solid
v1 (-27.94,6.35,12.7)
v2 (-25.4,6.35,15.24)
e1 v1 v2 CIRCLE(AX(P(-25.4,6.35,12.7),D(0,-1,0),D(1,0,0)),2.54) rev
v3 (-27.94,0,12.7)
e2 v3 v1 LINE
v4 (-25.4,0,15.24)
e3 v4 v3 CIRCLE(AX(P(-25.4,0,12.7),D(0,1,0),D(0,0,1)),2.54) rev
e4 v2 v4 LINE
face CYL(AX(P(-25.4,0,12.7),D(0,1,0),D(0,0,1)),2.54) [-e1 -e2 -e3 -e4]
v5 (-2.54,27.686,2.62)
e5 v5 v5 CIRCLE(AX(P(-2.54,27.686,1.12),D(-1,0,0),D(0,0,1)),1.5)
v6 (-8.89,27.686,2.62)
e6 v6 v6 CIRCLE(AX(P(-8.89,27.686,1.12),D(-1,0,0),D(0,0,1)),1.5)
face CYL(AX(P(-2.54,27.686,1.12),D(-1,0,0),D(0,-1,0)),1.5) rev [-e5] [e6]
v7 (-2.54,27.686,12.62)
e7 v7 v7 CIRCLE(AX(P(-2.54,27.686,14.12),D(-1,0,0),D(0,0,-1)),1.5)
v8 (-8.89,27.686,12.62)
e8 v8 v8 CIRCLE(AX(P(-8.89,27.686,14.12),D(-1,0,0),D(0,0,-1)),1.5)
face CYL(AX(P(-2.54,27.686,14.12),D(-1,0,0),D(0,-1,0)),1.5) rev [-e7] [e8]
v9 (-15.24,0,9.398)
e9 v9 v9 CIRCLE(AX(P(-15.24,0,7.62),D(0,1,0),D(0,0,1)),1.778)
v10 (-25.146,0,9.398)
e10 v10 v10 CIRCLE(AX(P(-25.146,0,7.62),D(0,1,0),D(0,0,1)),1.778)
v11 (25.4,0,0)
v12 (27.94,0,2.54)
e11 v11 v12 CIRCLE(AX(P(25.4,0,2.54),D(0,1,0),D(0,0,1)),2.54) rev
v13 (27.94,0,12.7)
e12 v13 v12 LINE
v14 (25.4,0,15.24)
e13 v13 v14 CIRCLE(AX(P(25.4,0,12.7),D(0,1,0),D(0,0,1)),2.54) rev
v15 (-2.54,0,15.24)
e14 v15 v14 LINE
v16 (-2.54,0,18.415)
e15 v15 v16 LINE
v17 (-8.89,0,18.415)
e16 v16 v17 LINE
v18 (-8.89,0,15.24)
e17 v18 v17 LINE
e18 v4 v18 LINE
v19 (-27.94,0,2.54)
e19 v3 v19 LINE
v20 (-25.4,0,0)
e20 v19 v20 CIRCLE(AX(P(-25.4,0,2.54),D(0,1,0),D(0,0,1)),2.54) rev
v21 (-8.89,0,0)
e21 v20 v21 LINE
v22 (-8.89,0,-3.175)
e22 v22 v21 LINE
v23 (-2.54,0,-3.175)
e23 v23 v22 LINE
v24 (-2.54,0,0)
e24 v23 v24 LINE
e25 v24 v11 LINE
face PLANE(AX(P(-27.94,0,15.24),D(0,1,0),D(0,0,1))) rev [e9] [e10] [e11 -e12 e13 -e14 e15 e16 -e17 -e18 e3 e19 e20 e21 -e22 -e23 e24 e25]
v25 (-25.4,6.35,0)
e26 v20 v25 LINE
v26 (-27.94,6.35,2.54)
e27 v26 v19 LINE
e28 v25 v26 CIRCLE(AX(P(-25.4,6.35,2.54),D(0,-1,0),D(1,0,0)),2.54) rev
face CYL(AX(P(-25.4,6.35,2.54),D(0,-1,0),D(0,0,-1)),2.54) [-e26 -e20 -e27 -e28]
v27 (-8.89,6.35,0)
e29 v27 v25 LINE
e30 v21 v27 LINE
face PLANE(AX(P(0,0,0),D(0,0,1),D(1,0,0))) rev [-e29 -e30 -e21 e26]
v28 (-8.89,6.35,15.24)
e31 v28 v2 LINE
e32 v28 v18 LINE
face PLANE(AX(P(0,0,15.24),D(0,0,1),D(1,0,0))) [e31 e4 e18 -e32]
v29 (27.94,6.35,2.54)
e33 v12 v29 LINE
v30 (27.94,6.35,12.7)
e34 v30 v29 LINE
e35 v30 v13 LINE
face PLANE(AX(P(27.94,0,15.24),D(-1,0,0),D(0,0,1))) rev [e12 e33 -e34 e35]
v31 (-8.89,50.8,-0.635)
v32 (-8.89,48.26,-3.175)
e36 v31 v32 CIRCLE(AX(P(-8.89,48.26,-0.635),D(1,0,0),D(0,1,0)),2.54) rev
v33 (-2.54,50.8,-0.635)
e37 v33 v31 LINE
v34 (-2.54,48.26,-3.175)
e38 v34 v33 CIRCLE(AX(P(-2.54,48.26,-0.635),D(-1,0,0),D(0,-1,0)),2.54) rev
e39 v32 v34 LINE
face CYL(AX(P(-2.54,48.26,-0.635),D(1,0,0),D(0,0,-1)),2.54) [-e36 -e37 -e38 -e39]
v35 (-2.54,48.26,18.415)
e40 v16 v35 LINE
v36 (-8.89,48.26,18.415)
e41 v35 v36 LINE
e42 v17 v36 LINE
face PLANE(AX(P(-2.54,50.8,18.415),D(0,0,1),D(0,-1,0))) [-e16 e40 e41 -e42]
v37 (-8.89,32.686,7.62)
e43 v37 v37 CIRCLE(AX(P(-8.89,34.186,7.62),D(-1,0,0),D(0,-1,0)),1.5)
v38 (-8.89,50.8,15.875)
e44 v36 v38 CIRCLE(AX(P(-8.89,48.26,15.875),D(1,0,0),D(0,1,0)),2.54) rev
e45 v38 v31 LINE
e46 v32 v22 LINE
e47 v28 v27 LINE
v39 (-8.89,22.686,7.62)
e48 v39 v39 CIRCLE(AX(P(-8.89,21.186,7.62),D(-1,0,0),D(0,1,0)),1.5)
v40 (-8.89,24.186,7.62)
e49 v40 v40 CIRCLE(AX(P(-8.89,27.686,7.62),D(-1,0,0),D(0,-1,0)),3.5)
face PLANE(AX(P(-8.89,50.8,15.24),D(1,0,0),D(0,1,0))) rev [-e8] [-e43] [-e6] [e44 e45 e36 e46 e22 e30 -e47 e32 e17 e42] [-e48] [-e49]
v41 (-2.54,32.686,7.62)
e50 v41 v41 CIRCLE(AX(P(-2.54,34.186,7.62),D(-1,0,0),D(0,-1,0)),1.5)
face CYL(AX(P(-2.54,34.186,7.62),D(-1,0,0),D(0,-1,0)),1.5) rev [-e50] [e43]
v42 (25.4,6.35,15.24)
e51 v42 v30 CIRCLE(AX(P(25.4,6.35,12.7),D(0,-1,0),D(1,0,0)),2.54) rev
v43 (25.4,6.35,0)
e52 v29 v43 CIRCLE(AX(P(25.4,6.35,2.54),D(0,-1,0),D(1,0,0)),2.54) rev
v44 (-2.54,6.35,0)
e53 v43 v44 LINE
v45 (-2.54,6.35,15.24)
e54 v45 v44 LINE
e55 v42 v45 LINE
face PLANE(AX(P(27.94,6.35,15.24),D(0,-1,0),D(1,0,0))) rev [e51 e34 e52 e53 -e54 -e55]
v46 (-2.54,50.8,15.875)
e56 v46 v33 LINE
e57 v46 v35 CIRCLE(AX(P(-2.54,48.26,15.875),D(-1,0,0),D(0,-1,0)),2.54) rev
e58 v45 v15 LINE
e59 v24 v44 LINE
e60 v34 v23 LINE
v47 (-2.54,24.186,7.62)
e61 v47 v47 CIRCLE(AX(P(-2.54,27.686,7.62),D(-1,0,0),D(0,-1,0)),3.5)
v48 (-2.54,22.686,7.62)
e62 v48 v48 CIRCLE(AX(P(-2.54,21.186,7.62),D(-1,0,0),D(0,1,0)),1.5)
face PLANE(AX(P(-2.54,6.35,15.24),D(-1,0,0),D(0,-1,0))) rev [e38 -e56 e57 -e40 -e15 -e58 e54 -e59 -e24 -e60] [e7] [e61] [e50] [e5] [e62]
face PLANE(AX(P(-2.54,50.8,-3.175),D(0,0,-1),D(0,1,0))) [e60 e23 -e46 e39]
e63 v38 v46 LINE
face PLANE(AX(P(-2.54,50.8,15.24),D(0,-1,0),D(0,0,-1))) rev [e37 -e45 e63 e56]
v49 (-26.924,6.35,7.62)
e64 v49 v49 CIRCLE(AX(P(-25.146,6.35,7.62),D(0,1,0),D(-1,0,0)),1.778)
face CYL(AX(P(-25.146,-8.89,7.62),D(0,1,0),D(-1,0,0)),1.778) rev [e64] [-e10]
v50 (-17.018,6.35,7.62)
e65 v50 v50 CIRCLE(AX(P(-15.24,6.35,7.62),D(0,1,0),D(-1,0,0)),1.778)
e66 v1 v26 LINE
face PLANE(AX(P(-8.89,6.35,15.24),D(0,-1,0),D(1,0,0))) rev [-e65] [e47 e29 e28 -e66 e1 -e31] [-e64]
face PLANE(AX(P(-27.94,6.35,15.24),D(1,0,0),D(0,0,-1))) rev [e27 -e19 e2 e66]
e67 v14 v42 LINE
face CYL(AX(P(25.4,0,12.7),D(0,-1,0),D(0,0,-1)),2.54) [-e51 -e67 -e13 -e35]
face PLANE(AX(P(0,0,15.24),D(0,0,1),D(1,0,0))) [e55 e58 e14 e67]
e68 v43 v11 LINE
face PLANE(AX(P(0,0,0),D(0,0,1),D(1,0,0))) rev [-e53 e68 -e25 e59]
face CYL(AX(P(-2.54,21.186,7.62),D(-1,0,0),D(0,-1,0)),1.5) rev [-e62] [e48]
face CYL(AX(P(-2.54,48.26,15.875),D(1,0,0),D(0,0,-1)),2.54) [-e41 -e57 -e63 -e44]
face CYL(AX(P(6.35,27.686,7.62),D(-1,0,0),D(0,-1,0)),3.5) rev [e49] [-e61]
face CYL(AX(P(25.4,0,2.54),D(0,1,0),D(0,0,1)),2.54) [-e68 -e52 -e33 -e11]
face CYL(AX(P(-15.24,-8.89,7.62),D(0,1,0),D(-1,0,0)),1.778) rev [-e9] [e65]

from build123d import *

# Parameters (mm, degrees)
BOSS_EXTRUDE1_DEPTH = 15.24
SKETCH5_R           = 3.5
CUT_EXTRUDE1_DEPTH  = 15.24
SKETCH6_R           = 1.778
CUT_EXTRUDE2_DEPTH  = 15.24
SKETCH8_W           = 3.175
SKETCH8_H           = 50.8
BOSS_EXTRUDE2_DEPTH = 6.35
SKETCH7_R           = 1.5
CUT_EXTRUDE3_DEPTH  = 6.35
CIRPATTERN1_COUNT   = 4
FILLET1_R           = 2.54


with BuildPart() as part:
    # Sketch2 → Boss-Extrude1 (new body)
    with BuildSketch(Plane.XY):
        Polygon((-27.94, 0), (27.94, 0), (27.94, 6.35), (-2.54, 6.35), (-2.54, 50.8), (-8.89, 50.8), (-8.89, 6.35), (-27.94, 6.35), align=None)
    extrude(amount=BOSS_EXTRUDE1_DEPTH)

    # Sketch5 → Cut-Extrude1 (cut)
    with BuildSketch(Plane.ZY.offset(8.89)):
        with Locations((7.62, 27.686)):
            Circle(SKETCH5_R)
    extrude(amount=-CUT_EXTRUDE1_DEPTH, mode=Mode.SUBTRACT)

    # Sketch6 → Cut-Extrude2 (cut)
    with BuildSketch(Plane(origin=(0, 6.35, 0), x_dir=(1, 0, 0), z_dir=(0, 1, 0))):
        with Locations((-25.146, -7.62)):
            Circle(SKETCH6_R)
        with Locations((-15.24, -7.62)):
            Circle(SKETCH6_R)
    extrude(amount=-CUT_EXTRUDE2_DEPTH, mode=Mode.SUBTRACT)

    # Sketch8 → Boss-Extrude2 (add)
    with BuildSketch(Plane.ZY.offset(8.89)):
        with Locations((-1.5875, 25.4)):
            Rectangle(SKETCH8_W, SKETCH8_H)
        with Locations((16.8275, 25.4)):
            Rectangle(SKETCH8_W, SKETCH8_H)
    extrude(amount=-BOSS_EXTRUDE2_DEPTH)

    # Sketch7 → Cut-Extrude3 (cut)
    with BuildSketch(Plane.ZY.offset(8.89)):
        with Locations((7.62, 34.186)):
            Circle(SKETCH7_R)
    cut_extrude3 = extrude(amount=-CUT_EXTRUDE3_DEPTH, mode=Mode.SUBTRACT)

    # CirPattern1: Cut-Extrude3 ×4 about axis
    cirpattern1_axis = Axis((0, 27.686, 7.62), (1, 0, 0))
    for i in range(1, CIRPATTERN1_COUNT):
        add(cut_extrude3.rotate(cirpattern1_axis, i * 360 / CIRPATTERN1_COUNT), mode=Mode.SUBTRACT)

    # Fillet1
    fillet1_edges = [part.edges().sort_by_distance(p)[0] for p in [
        (27.94, 3.175, 0),
        (-27.94, 3.175, 0),
        (27.94, 3.175, 15.24),
        (-5.715, 50.8, -3.175),
        (-27.94, 3.175, 15.24),
        (-5.715, 50.8, 18.415),
    ]]
    fillet(fillet1_edges, radius=FILLET1_R)


solid = part.part
